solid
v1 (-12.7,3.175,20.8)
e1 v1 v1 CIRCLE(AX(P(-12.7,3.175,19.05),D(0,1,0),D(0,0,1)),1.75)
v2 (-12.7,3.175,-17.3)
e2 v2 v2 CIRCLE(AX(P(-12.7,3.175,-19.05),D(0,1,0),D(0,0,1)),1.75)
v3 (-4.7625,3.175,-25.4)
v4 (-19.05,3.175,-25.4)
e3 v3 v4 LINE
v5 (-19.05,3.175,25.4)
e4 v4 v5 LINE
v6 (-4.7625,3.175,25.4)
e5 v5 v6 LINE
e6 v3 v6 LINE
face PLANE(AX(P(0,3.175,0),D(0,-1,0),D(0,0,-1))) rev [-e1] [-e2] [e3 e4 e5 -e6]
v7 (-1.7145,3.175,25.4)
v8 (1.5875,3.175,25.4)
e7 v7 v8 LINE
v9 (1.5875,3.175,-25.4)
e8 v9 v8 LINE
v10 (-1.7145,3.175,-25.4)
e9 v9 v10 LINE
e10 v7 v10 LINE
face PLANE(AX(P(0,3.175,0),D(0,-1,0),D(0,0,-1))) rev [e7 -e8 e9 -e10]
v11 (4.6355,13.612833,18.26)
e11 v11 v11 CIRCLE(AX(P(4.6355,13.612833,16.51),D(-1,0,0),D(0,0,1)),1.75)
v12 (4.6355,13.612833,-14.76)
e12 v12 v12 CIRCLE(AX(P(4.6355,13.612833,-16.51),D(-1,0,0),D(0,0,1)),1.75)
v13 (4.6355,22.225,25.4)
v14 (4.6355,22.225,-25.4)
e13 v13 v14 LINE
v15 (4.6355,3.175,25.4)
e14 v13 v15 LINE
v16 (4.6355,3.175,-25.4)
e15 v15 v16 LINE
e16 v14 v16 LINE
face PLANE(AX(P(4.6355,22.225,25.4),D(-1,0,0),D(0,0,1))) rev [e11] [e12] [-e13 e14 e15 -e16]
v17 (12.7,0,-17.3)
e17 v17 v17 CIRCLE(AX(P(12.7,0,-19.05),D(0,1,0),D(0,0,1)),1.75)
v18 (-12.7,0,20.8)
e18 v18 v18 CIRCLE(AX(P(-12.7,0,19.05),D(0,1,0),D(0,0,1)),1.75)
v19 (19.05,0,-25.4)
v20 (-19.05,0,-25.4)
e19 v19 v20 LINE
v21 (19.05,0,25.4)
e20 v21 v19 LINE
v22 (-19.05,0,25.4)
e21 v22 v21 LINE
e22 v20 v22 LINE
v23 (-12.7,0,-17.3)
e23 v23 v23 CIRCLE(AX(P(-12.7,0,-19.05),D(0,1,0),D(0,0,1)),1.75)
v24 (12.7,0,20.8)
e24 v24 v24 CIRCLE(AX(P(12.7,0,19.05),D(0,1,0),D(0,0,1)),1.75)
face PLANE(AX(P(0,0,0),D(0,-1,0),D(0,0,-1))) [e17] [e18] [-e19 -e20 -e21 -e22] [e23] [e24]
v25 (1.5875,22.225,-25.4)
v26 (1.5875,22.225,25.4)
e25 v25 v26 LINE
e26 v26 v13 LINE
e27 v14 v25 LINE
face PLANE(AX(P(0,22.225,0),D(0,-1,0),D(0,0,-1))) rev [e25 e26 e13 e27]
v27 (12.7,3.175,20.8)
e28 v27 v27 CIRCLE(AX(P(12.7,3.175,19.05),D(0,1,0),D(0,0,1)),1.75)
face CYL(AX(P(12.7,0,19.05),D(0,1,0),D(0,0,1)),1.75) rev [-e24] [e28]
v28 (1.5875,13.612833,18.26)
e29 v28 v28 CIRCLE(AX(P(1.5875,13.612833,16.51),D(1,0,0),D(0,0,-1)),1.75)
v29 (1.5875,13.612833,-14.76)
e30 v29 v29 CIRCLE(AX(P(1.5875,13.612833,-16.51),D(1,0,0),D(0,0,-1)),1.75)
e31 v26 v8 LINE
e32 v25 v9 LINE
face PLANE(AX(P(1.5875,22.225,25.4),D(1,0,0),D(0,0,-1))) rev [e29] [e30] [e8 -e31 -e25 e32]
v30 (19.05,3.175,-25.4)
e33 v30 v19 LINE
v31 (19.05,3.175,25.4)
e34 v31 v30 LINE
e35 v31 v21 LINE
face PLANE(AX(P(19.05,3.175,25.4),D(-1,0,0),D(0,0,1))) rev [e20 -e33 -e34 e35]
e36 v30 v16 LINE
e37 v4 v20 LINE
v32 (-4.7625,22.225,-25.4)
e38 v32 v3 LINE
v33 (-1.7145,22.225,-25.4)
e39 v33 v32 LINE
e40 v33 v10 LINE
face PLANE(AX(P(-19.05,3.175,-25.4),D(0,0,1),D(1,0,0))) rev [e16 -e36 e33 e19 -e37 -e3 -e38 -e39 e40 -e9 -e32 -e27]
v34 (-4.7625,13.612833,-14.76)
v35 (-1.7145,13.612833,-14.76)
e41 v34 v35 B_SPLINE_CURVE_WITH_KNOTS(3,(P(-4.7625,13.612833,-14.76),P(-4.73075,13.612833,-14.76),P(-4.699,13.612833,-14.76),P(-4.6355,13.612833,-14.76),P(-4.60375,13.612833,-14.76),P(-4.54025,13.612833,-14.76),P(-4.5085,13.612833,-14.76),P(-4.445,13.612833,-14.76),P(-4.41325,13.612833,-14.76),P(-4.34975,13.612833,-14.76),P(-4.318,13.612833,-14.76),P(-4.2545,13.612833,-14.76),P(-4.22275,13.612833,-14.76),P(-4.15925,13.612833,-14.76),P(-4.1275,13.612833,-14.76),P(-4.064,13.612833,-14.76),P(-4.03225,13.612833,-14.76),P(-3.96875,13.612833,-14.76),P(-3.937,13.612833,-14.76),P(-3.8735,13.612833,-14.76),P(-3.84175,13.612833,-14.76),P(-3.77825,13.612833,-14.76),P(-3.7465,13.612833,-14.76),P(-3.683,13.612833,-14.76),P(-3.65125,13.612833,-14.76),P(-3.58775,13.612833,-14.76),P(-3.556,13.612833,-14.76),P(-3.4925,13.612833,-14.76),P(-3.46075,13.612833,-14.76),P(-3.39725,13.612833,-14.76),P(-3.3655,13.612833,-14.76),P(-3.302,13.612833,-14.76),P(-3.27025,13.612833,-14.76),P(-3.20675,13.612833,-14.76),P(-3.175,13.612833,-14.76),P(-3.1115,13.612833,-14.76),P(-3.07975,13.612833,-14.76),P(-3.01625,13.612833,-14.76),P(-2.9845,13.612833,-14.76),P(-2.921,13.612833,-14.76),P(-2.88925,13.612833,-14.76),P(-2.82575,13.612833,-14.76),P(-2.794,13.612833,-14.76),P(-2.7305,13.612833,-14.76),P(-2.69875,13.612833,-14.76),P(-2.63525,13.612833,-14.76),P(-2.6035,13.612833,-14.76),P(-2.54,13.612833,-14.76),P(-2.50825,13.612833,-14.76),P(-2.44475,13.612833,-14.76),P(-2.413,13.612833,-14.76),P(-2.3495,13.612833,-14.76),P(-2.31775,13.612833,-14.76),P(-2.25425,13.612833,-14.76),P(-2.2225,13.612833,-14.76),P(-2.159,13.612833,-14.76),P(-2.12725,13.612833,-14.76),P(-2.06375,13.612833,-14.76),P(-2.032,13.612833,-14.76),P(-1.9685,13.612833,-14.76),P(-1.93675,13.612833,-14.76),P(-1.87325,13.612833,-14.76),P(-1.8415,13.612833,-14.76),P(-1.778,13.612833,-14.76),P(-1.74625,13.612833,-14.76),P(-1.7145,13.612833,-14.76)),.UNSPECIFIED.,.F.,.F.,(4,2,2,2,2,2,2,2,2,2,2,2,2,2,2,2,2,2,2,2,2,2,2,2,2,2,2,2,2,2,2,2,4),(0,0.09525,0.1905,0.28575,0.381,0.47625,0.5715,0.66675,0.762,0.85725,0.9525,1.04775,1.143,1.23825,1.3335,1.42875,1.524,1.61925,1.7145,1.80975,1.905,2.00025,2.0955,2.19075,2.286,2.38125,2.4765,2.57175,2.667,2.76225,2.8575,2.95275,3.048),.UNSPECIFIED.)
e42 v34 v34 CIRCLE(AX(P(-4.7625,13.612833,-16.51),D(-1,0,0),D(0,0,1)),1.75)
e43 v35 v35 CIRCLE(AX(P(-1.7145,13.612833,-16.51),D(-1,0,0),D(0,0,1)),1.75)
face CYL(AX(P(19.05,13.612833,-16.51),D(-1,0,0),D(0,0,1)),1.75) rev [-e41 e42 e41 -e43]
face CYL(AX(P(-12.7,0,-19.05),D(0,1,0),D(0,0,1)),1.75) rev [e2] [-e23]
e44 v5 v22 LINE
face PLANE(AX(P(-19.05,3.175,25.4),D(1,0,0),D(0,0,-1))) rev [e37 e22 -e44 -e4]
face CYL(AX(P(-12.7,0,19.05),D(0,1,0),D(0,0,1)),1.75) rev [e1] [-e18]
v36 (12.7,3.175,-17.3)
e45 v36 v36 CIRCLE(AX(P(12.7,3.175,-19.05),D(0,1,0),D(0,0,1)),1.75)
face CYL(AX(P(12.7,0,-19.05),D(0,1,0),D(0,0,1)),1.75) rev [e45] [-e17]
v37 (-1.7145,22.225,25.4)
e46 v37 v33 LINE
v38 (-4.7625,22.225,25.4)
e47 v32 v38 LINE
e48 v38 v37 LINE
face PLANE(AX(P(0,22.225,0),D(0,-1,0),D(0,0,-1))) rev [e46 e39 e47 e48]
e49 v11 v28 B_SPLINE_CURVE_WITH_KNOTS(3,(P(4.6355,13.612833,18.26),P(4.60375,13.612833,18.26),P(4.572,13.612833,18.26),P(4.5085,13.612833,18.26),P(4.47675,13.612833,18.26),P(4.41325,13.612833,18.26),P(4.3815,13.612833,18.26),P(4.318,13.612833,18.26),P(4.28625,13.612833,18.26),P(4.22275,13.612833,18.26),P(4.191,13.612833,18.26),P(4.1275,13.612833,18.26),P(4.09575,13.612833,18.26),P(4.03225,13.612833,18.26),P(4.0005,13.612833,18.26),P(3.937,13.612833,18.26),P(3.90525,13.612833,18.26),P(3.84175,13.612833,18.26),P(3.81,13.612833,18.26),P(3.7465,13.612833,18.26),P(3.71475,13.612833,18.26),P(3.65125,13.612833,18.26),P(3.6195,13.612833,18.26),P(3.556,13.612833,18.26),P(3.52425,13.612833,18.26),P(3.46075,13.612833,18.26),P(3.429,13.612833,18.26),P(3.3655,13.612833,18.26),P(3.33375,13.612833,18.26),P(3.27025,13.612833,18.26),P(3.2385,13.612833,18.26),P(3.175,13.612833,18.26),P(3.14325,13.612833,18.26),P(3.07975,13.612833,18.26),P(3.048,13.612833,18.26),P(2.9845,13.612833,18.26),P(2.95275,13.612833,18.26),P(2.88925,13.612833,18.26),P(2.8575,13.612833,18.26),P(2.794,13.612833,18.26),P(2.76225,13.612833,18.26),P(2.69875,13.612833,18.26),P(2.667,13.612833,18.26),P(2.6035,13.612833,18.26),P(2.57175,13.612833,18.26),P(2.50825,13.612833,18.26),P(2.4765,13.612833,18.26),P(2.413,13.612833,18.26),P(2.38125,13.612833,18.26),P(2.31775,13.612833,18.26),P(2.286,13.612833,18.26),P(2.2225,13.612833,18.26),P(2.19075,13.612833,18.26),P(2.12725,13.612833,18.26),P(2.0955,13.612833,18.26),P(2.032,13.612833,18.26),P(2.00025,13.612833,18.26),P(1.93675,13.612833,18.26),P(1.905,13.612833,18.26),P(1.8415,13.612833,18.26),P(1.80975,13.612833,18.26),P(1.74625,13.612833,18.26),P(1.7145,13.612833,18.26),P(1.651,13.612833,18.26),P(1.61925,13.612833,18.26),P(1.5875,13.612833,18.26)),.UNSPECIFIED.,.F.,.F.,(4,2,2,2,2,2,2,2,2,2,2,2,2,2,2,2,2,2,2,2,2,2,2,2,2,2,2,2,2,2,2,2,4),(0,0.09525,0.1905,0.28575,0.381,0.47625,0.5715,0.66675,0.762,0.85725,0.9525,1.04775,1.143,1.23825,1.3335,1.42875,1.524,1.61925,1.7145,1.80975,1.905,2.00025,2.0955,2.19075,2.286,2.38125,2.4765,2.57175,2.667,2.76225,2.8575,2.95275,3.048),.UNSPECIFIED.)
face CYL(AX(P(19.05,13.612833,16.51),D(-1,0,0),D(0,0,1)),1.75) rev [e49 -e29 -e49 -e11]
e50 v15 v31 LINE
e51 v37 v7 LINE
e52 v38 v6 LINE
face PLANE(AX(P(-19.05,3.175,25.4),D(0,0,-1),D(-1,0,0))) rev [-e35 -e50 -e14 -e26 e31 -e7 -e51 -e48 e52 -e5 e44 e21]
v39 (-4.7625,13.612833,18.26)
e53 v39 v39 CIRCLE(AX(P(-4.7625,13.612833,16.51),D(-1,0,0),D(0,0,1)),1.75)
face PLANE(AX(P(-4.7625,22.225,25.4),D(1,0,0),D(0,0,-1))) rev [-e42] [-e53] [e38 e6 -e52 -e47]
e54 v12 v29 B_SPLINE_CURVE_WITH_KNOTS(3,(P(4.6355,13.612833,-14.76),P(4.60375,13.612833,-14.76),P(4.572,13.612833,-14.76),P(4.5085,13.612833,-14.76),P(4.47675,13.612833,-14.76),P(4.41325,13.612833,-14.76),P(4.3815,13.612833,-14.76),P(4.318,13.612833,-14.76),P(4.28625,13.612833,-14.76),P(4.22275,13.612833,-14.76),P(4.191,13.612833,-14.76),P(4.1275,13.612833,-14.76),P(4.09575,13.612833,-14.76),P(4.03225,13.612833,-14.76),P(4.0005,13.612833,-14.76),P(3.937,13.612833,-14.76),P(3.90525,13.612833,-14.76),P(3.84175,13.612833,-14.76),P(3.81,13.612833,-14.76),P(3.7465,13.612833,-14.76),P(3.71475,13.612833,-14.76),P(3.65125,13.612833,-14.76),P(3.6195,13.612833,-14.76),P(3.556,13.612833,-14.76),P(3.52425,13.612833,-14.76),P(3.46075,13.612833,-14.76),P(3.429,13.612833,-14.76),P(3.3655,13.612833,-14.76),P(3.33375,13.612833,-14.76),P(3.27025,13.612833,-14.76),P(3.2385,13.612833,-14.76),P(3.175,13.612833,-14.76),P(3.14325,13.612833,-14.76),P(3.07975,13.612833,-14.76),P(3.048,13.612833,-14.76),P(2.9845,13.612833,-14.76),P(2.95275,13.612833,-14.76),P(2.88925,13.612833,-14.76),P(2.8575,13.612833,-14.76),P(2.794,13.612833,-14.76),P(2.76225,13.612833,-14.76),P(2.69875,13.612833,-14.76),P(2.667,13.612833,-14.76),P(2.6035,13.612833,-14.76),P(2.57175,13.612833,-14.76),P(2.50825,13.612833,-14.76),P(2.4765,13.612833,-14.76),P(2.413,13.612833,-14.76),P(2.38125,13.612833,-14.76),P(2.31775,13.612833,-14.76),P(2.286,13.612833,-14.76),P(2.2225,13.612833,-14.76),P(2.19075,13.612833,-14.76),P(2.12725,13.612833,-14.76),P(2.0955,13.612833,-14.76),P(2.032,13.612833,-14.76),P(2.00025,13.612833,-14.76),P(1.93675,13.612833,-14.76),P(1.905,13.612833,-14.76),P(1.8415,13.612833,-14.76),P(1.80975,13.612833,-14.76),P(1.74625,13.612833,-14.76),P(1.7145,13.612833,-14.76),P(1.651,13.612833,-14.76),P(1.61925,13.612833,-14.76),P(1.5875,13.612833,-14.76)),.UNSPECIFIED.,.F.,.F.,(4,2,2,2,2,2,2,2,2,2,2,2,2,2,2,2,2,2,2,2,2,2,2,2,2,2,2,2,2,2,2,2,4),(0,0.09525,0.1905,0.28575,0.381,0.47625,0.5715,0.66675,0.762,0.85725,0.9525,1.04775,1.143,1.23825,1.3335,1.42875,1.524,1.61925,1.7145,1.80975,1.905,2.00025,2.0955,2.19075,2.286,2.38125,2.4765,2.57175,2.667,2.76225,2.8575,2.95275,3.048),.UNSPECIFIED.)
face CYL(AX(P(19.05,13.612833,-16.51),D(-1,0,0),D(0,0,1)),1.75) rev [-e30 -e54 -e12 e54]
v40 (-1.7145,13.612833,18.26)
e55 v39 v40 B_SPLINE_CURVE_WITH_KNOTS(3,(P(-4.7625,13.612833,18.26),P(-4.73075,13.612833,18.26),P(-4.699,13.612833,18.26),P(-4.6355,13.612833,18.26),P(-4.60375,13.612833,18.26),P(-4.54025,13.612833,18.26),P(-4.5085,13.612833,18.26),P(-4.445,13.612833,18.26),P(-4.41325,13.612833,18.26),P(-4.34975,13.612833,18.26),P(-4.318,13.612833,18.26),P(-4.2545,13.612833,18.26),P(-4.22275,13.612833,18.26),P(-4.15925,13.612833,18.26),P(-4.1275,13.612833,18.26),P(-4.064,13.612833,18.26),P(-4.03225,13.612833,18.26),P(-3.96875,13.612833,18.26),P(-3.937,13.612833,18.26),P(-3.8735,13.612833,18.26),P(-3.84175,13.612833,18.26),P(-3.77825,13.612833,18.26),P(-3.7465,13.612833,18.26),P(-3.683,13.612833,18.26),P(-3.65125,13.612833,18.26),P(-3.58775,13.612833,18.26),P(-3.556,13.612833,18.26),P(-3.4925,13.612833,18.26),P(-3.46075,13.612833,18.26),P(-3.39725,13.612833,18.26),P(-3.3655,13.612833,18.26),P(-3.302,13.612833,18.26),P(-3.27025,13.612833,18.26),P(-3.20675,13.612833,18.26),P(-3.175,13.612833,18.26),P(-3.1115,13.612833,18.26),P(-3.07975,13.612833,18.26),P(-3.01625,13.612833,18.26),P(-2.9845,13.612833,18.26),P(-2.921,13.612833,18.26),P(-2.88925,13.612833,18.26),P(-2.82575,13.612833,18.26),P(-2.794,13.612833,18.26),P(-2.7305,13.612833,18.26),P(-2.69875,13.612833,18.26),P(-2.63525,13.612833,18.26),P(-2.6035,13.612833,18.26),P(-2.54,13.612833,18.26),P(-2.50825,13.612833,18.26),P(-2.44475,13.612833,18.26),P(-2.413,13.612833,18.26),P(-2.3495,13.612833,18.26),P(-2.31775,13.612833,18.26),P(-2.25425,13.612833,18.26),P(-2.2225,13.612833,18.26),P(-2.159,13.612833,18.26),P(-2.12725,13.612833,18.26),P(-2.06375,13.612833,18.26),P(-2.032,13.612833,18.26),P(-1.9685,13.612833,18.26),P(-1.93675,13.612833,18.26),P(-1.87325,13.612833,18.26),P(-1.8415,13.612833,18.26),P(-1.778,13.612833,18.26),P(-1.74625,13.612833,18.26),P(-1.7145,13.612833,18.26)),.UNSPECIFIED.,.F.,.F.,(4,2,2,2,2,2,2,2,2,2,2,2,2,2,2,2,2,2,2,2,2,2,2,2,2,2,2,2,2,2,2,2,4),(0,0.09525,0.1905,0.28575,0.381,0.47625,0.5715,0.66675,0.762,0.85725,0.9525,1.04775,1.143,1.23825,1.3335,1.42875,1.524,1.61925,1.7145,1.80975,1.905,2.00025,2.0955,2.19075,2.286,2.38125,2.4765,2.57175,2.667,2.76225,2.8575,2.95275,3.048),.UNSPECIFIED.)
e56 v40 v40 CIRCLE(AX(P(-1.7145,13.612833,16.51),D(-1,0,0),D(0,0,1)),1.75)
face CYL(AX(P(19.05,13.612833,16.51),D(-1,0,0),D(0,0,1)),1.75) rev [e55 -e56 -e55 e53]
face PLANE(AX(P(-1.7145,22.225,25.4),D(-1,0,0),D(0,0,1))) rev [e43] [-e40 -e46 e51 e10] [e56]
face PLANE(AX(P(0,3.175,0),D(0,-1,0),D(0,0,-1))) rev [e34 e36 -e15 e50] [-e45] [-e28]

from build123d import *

# Parameters (mm, degrees)
SKETCH1_W           = 38.1
SKETCH1_H           = 50.8
BOSS_EXTRUDE1_DEPTH = 3.175
SKETCH2_W           = 3.048
SKETCH2_H           = 50.8
BOSS_EXTRUDE2_DEPTH = 19.05
SKETCH3_R           = 1.75
CUT_EXTRUDE1_DEPTH  = 38.026544532
SKETCH4_R           = 1.75
CUT_EXTRUDE2_DEPTH  = 42.305517564


with BuildPart() as part:
    # Sketch1 → Boss-Extrude1 (new body)
    with BuildSketch(Plane(origin=(0, 0, 0), x_dir=(1, 0, 0), z_dir=(0, 1, 0))):
        Rectangle(SKETCH1_W, SKETCH1_H)
    extrude(amount=BOSS_EXTRUDE1_DEPTH)

    # Sketch2 → Boss-Extrude2 (add)
    with BuildSketch(Plane(origin=(0, 3.175, 0), x_dir=(1, 0, 0), z_dir=(0, 1, 0))):
        with Locations((-3.2385, 0)):
            Rectangle(SKETCH2_W, SKETCH2_H)
        with Locations((3.1115, 0)):
            Rectangle(SKETCH2_W, SKETCH2_H)
    extrude(amount=BOSS_EXTRUDE2_DEPTH)

    # Sketch3 → Cut-Extrude1 (cut, through all)
    with BuildSketch(Plane(origin=(0, 3.175, 0), x_dir=(1, 0, 0), z_dir=(0, 1, 0))):
        with Locations(Location((-12.7, 19.05, 0), (0, 0, 270))):
            Circle(SKETCH3_R)
        with Locations(Location((-12.7, -19.05, 0), (0, 0, 270))):
            Circle(SKETCH3_R)
        with Locations(Location((12.7, -19.05, 0), (0, 0, 270))):
            Circle(SKETCH3_R)
        with Locations(Location((12.7, 19.05, 0), (0, 0, 270))):
            Circle(SKETCH3_R)
    extrude(amount=-CUT_EXTRUDE1_DEPTH, mode=Mode.SUBTRACT)

    # Sketch4 → Cut-Extrude2 (cut, through all)
    with BuildSketch(Plane.ZY.offset(4.7625)):
        with Locations((-16.51, 13.612832847)):
            Circle(SKETCH4_R)
        with Locations((16.51, 13.612832847)):
            Circle(SKETCH4_R)
    extrude(amount=-CUT_EXTRUDE2_DEPTH, mode=Mode.SUBTRACT)


solid = part.part
